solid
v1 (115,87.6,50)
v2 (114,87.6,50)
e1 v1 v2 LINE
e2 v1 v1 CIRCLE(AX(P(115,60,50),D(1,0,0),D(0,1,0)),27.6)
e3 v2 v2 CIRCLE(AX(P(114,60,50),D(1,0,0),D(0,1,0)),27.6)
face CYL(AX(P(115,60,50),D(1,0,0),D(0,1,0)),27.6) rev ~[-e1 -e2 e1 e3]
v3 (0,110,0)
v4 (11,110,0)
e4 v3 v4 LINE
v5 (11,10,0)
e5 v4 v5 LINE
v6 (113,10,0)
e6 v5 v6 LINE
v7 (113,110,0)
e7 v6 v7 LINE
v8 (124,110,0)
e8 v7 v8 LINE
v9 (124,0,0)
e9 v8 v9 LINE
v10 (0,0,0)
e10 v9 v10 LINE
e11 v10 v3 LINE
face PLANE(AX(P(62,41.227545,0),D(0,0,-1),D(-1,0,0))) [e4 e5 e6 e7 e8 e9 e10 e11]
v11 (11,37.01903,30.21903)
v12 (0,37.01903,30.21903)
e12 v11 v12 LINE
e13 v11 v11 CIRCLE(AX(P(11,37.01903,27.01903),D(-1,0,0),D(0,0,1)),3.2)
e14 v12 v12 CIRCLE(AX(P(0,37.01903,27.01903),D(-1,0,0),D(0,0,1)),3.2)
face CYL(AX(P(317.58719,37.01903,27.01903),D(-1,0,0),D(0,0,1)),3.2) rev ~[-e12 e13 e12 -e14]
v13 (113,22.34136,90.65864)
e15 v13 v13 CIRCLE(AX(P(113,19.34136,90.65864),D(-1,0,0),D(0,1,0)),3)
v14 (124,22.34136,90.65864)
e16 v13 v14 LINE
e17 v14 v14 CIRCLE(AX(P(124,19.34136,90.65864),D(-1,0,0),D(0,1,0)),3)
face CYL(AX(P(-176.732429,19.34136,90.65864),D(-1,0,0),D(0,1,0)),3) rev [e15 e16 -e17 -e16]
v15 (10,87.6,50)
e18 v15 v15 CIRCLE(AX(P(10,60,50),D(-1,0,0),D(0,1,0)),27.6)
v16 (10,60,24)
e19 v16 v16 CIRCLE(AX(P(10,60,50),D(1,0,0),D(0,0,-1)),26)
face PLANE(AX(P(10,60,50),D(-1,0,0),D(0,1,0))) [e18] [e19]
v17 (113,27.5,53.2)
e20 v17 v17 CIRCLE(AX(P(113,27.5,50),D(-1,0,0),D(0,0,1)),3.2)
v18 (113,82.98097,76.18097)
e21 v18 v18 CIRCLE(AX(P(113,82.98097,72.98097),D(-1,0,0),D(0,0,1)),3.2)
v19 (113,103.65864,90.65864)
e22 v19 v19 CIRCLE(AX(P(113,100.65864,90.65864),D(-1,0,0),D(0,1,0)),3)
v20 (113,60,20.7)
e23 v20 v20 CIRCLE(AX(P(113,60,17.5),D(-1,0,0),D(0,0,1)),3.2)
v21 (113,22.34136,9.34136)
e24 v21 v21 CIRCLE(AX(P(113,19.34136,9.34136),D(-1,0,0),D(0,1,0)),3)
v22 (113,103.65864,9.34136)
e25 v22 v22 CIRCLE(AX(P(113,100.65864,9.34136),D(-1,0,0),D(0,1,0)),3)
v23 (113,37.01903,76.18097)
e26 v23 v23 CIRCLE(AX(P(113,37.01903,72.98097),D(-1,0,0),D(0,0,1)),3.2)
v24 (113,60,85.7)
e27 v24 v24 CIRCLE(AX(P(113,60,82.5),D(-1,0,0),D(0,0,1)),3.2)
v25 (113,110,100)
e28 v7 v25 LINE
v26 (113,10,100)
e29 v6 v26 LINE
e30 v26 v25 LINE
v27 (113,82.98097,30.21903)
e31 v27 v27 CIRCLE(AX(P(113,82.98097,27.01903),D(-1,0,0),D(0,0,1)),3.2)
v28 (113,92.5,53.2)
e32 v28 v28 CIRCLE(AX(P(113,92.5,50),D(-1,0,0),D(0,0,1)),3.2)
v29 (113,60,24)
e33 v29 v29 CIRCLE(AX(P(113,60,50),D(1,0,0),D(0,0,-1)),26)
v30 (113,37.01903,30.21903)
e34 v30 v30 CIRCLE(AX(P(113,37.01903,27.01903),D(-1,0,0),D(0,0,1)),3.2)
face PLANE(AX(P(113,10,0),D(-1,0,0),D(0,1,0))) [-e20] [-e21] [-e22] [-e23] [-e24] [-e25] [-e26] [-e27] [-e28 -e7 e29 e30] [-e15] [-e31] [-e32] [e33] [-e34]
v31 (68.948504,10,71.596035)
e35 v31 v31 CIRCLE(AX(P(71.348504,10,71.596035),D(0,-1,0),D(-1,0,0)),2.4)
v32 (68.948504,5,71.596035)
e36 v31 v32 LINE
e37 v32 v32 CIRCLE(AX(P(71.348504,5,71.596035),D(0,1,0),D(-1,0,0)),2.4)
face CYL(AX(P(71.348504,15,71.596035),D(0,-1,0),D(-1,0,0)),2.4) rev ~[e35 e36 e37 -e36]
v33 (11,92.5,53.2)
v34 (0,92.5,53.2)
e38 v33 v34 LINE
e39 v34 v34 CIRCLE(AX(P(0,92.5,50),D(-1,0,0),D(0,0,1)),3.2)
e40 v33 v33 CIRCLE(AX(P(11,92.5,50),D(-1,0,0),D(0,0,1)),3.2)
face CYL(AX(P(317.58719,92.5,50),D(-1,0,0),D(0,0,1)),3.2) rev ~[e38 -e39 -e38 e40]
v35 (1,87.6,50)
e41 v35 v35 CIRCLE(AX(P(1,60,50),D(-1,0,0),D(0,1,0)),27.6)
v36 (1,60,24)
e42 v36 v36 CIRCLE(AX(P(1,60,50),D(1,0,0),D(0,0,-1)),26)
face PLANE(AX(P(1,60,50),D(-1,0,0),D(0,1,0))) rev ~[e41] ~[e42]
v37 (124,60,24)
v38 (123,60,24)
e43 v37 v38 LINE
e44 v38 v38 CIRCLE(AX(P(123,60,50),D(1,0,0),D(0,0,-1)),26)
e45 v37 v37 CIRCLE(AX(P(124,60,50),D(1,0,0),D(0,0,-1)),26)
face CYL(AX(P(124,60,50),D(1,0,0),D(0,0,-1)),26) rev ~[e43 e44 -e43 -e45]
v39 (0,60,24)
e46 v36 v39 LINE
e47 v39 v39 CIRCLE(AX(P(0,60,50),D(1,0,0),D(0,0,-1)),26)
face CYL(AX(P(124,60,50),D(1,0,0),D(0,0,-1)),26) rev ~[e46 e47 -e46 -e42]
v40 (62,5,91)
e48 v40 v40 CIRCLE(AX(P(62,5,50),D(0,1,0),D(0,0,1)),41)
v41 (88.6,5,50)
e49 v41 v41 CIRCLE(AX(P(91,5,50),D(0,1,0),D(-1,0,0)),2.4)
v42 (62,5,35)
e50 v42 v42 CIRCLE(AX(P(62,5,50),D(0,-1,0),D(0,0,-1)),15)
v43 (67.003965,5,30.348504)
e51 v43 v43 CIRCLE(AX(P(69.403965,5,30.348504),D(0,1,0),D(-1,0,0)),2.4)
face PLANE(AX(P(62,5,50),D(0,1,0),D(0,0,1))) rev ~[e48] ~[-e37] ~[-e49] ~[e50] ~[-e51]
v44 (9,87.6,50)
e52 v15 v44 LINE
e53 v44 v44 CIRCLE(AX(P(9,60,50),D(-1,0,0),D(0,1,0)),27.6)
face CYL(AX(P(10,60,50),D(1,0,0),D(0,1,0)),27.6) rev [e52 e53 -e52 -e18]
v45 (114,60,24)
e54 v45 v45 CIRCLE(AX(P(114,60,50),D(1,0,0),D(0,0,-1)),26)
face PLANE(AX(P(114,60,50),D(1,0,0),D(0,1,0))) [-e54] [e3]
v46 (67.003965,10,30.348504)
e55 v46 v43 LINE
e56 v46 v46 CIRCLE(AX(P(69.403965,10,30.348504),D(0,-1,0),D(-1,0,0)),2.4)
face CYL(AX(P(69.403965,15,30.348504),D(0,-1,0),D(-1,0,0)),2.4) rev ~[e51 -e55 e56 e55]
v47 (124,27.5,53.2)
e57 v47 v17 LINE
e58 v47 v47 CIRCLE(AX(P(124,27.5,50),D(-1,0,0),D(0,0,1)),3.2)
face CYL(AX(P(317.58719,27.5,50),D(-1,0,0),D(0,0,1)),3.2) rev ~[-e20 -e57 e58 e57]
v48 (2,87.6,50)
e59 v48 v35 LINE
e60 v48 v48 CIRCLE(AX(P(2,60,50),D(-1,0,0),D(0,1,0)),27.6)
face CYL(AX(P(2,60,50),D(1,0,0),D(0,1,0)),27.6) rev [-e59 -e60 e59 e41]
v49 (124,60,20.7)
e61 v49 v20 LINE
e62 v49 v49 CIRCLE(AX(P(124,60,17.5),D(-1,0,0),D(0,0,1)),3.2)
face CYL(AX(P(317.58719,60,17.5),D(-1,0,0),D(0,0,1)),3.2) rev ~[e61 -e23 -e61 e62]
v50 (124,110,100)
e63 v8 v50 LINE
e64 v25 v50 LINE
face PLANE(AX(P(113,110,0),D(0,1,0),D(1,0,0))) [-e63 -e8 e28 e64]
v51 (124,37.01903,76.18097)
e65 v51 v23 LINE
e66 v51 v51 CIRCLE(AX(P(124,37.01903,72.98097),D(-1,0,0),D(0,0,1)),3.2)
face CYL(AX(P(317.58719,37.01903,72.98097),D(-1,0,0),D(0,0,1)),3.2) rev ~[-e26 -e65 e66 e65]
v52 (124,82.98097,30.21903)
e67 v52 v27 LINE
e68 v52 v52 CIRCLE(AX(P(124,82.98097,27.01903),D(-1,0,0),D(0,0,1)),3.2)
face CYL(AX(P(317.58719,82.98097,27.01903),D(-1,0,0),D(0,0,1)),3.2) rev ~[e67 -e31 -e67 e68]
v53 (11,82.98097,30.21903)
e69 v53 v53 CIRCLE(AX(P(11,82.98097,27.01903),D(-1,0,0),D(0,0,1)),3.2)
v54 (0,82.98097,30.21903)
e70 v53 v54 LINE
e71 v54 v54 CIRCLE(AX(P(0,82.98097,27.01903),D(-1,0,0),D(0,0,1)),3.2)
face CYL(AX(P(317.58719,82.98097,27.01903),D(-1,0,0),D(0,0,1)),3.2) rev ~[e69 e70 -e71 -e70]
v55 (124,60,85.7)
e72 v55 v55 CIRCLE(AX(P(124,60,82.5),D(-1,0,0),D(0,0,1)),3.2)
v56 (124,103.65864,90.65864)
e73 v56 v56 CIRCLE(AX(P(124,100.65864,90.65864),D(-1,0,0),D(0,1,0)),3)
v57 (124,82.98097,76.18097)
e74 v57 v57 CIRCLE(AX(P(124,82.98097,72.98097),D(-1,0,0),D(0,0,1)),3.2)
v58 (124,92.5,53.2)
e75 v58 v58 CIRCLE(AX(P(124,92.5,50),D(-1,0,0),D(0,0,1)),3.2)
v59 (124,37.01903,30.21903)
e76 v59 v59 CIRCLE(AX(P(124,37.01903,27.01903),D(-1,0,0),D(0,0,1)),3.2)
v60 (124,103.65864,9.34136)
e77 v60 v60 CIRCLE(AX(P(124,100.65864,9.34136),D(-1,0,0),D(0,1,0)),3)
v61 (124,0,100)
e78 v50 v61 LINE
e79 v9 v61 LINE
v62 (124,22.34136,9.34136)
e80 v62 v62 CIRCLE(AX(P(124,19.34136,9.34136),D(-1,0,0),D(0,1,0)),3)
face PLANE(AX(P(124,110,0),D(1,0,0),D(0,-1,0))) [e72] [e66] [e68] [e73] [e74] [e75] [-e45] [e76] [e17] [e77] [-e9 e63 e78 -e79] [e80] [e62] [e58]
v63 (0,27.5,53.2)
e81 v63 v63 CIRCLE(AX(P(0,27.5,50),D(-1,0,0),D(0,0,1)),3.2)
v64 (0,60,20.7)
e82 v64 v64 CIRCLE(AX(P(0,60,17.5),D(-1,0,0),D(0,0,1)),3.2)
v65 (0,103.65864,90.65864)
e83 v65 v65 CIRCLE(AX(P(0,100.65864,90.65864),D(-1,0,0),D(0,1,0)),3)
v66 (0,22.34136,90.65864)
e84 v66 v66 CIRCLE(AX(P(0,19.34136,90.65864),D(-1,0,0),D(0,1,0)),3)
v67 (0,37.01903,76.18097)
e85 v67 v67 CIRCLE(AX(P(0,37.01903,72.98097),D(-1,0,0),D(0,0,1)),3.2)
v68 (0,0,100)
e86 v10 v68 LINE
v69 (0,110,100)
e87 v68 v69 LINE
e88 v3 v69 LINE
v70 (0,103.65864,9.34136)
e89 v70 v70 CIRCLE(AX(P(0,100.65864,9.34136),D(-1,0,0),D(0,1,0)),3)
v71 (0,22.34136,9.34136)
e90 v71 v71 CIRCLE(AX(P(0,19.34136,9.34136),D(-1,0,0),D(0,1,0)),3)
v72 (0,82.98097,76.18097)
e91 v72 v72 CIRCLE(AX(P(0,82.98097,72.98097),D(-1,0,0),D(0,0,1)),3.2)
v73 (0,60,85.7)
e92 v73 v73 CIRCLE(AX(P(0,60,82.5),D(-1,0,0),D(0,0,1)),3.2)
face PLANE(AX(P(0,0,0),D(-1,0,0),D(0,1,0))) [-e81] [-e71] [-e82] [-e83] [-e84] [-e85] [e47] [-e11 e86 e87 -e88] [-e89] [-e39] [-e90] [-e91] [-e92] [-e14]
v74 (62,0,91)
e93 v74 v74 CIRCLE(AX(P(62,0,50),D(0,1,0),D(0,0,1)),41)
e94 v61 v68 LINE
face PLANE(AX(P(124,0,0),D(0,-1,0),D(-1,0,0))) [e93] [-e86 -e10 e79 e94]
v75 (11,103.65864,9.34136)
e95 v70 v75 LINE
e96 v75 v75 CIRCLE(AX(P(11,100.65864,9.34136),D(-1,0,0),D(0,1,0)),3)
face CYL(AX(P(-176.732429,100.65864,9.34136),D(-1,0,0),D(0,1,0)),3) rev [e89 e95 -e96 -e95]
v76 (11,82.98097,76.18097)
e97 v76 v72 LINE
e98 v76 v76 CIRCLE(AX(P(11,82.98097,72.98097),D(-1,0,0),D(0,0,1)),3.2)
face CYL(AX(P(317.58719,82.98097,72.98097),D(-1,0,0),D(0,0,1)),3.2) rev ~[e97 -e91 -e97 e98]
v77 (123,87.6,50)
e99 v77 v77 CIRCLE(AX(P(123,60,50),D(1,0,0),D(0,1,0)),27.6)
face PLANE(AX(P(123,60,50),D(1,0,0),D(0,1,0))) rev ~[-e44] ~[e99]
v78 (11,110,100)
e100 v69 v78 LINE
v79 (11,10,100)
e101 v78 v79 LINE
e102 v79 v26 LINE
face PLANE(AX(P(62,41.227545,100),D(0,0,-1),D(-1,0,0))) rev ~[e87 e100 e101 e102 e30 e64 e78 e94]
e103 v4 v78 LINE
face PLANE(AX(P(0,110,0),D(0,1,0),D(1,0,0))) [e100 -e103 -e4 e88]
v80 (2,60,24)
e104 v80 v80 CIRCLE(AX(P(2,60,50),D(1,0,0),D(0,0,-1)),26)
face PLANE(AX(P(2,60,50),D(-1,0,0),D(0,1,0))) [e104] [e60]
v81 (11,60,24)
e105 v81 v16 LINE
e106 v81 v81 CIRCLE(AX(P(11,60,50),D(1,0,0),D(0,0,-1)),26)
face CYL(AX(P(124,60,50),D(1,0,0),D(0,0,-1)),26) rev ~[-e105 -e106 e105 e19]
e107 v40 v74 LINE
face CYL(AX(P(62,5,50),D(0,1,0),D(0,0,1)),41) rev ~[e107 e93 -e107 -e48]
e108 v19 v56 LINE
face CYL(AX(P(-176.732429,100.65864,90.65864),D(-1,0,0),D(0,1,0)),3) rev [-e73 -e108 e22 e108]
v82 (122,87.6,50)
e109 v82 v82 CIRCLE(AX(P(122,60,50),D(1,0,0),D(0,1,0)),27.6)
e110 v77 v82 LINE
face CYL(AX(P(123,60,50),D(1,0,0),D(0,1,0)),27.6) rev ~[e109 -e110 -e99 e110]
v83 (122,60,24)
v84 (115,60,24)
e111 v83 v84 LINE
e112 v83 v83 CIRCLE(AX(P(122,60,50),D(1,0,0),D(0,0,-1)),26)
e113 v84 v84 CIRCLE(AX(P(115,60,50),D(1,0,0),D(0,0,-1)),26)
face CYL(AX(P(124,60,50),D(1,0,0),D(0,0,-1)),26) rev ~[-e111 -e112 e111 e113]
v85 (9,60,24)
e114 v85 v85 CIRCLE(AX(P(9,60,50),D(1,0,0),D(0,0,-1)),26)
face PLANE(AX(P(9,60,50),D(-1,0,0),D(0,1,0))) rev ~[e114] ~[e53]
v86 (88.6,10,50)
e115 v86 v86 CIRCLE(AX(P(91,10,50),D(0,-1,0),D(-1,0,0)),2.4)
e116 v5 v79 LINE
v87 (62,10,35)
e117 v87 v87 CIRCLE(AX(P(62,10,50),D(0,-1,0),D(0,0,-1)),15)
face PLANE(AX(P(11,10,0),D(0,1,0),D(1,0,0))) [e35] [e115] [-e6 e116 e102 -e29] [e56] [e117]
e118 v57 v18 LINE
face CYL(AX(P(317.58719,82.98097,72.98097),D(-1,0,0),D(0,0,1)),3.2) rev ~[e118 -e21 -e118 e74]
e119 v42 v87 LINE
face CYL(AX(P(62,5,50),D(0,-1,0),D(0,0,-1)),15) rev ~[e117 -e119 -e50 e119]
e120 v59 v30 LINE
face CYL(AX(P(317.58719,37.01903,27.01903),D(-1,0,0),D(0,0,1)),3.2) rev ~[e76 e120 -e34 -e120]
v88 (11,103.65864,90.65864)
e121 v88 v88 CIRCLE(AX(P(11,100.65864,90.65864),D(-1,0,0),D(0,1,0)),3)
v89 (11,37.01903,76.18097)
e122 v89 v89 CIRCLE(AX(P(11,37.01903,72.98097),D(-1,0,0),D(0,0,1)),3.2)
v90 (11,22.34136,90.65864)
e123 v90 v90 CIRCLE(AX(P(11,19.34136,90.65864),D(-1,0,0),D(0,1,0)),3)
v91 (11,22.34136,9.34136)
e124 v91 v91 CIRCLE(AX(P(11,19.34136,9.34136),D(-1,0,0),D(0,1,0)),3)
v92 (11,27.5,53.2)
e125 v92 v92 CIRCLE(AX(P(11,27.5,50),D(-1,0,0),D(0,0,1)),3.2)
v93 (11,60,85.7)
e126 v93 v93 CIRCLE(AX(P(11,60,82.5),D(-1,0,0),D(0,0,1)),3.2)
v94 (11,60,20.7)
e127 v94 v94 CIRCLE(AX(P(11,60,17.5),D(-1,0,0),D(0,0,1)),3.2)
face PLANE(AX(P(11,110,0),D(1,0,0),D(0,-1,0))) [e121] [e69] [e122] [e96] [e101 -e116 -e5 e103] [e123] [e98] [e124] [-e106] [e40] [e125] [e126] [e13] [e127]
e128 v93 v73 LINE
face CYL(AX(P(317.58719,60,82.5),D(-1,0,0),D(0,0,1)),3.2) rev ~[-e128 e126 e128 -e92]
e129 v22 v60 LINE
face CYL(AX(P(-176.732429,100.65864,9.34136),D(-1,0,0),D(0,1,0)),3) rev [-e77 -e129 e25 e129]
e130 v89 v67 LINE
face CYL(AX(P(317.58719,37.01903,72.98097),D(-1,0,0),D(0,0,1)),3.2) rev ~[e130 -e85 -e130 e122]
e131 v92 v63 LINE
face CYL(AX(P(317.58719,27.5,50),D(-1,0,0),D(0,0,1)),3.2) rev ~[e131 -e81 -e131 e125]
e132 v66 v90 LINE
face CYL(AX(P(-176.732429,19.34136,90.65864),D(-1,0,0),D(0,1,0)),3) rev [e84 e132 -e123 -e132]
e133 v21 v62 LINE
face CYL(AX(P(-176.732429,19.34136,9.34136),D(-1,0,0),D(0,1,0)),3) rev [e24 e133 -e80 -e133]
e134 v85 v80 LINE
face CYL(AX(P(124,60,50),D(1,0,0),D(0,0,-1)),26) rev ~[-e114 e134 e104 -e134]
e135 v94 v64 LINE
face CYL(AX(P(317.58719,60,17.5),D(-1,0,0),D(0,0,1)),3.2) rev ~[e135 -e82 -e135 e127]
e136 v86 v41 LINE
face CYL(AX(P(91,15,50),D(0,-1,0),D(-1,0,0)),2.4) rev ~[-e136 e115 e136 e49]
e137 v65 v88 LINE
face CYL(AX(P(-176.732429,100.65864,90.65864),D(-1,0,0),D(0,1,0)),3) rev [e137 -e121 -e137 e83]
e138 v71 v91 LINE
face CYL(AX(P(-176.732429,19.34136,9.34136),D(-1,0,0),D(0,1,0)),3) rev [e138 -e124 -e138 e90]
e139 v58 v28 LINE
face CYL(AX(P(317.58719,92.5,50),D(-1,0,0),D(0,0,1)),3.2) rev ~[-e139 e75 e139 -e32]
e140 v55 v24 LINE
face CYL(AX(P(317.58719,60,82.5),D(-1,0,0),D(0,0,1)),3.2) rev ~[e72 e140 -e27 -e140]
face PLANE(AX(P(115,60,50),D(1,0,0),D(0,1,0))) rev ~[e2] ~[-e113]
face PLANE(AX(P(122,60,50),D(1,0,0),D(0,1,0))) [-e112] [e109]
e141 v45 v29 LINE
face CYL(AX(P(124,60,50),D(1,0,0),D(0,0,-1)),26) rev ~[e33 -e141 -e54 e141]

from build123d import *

# Parameters (mm, degrees)
BOSS_EXTRUDE1_DEPTH      = 100
CUT_EXTRUDE1_START       = -5
SKETCH2_R                = 41
CUT_EXTRUDE1_DEPTH       = 184.085087128
SKETCH3_R                = 15
CUT_EXTRUDE2_DEPTH       = 10
CUT_EXTRUDE3_DEPTH       = 187.732428892
CUT_EXTRUDE3_DEPTH_BACK  = 187.732428892
SKETCH4_R                = 3
M4_CLEARANCE_HOLE2_D     = 4.8
M4_CLEARANCE_HOLE2_DEPTH = 5
M4_CLEARANCE_HOLE2_TIP   = 1.442065486
SKETCH10_R               = 26
CUT_EXTRUDE5_DEPTH       = 193
M6_CLEARANCE_HOLE1_D     = 6.4
CUT_EXTRUDE6_START       = -1
SKETCH14_R               = 27.6
CUT_EXTRUDE6_DEPTH       = 1
CUT_EXTRUDE7_START       = -9
SKETCH14_2_R             = 27.6
CUT_EXTRUDE7_DEPTH       = 1
CUT_EXTRUDE8_START       = -2
SKETCH15_R               = 27.6
CUT_EXTRUDE8_DEPTH       = 1
CUT_EXTRUDE9_START       = -10
SKETCH15_2_R             = 27.6
CUT_EXTRUDE9_DEPTH       = 1


with BuildPart() as part:
    # Sketch1 → Boss-Extrude1 (new body)
    with BuildSketch(Plane.XY):
        Polygon((0, 0), (0, 110), (11, 110), (11, 10), (113, 10), (113, 110), (124, 110), (124, 0), align=None)
    extrude(amount=BOSS_EXTRUDE1_DEPTH)

    # Sketch2 → Cut-Extrude1 (cut, through all)
    with BuildSketch(Plane(origin=(0, 10, 0), x_dir=(1, 0, 0), z_dir=(0, 1, 0)).offset(CUT_EXTRUDE1_START)):
        with Locations((62, -50)):
            Circle(SKETCH2_R)
    extrude(amount=-CUT_EXTRUDE1_DEPTH, mode=Mode.SUBTRACT)

    # Sketch3 → Cut-Extrude2 (cut)
    with BuildSketch(Plane.XZ.offset(-5)):
        with Locations((62, 50)):
            Circle(SKETCH3_R)
    extrude(amount=-CUT_EXTRUDE2_DEPTH, mode=Mode.SUBTRACT)

    # Sketch4 → Cut-Extrude3 (cut, two sides: drawn at the far end of the back side and taken through both)
    with BuildSketch(Plane(origin=(11, 0, 0), x_dir=(0, 0, -1), z_dir=(1, 0, 0)).offset(-CUT_EXTRUDE3_DEPTH_BACK)):
        with Locations((-9.341360082, 100.658639918)):
            Circle(SKETCH4_R)
        with Locations((-9.341360082, 19.341360082)):
            Circle(SKETCH4_R)
        with Locations((-90.658639918, 19.341360082)):
            Circle(SKETCH4_R)
        with Locations((-90.658639918, 100.658639918)):
            Circle(SKETCH4_R)
    extrude(amount=CUT_EXTRUDE3_DEPTH + CUT_EXTRUDE3_DEPTH_BACK, mode=Mode.SUBTRACT)

    # M4 Clearance Hole2
    with Locations(Plane(origin=(0, 10, 0), x_dir=(1, 0, 0), z_dir=(0, 1, 0))):
        with Locations((69.403965408, -30.348503969), (91, -50), (71.348503969, -71.596034592), (49.752469377, -51.944538562)):
            Hole(M4_CLEARANCE_HOLE2_D / 2, depth=M4_CLEARANCE_HOLE2_DEPTH)
            with Locations((0, 0, -(M4_CLEARANCE_HOLE2_DEPTH + M4_CLEARANCE_HOLE2_TIP / 2))):  # 118° drill point
                Cone(0, M4_CLEARANCE_HOLE2_D / 2, M4_CLEARANCE_HOLE2_TIP, mode=Mode.SUBTRACT)

    # Sketch10 → Cut-Extrude5 (cut)
    with BuildSketch(Plane(origin=(124, 0, 0), x_dir=(0, 0, -1), z_dir=(1, 0, 0))):
        with Locations((-50, 60)):
            Circle(SKETCH10_R)
    extrude(amount=-CUT_EXTRUDE5_DEPTH, mode=Mode.SUBTRACT)

    # M6 Clearance Hole1 (through all)
    with Locations(Plane(origin=(124, 0, 0), x_dir=(0, 0, -1), z_dir=(1, 0, 0))):
        with Locations((-72.980970389, 82.980970389), (-50, 92.5), (-27.019029611, 82.980970389), (-17.5, 60), (-27.019029611, 37.019029611), (-50, 27.5), (-72.980970389, 37.019029611), (-82.5, 60)):
            Hole(M6_CLEARANCE_HOLE1_D / 2)

    # Sketch14 → Cut-Extrude6 (cut)
    with BuildSketch(Plane(origin=(124, 0, 0), x_dir=(0, 0, -1), z_dir=(1, 0, 0)).offset(CUT_EXTRUDE6_START)):
        with Locations((-50, 60)):
            Circle(SKETCH14_R)
    extrude(amount=-CUT_EXTRUDE6_DEPTH, mode=Mode.SUBTRACT)

    # Sketch14<2> → Cut-Extrude7 (cut)
    with BuildSketch(Plane(origin=(124, 0, 0), x_dir=(0, 0, -1), z_dir=(1, 0, 0)).offset(CUT_EXTRUDE7_START)):
        with Locations((-50, 60)):
            Circle(SKETCH14_2_R)
    extrude(amount=-CUT_EXTRUDE7_DEPTH, mode=Mode.SUBTRACT)

    # Sketch15 → Cut-Extrude8 (cut)
    with BuildSketch(Plane.ZY.offset(CUT_EXTRUDE8_START)):
        with Locations((50, 60)):
            Circle(SKETCH15_R)
    extrude(amount=CUT_EXTRUDE8_DEPTH, mode=Mode.SUBTRACT)

    # Sketch15<2> → Cut-Extrude9 (cut)
    with BuildSketch(Plane.ZY.offset(CUT_EXTRUDE9_START)):
        with Locations((50, 60)):
            Circle(SKETCH15_2_R)
    extrude(amount=CUT_EXTRUDE9_DEPTH, mode=Mode.SUBTRACT)


solid = part.part
